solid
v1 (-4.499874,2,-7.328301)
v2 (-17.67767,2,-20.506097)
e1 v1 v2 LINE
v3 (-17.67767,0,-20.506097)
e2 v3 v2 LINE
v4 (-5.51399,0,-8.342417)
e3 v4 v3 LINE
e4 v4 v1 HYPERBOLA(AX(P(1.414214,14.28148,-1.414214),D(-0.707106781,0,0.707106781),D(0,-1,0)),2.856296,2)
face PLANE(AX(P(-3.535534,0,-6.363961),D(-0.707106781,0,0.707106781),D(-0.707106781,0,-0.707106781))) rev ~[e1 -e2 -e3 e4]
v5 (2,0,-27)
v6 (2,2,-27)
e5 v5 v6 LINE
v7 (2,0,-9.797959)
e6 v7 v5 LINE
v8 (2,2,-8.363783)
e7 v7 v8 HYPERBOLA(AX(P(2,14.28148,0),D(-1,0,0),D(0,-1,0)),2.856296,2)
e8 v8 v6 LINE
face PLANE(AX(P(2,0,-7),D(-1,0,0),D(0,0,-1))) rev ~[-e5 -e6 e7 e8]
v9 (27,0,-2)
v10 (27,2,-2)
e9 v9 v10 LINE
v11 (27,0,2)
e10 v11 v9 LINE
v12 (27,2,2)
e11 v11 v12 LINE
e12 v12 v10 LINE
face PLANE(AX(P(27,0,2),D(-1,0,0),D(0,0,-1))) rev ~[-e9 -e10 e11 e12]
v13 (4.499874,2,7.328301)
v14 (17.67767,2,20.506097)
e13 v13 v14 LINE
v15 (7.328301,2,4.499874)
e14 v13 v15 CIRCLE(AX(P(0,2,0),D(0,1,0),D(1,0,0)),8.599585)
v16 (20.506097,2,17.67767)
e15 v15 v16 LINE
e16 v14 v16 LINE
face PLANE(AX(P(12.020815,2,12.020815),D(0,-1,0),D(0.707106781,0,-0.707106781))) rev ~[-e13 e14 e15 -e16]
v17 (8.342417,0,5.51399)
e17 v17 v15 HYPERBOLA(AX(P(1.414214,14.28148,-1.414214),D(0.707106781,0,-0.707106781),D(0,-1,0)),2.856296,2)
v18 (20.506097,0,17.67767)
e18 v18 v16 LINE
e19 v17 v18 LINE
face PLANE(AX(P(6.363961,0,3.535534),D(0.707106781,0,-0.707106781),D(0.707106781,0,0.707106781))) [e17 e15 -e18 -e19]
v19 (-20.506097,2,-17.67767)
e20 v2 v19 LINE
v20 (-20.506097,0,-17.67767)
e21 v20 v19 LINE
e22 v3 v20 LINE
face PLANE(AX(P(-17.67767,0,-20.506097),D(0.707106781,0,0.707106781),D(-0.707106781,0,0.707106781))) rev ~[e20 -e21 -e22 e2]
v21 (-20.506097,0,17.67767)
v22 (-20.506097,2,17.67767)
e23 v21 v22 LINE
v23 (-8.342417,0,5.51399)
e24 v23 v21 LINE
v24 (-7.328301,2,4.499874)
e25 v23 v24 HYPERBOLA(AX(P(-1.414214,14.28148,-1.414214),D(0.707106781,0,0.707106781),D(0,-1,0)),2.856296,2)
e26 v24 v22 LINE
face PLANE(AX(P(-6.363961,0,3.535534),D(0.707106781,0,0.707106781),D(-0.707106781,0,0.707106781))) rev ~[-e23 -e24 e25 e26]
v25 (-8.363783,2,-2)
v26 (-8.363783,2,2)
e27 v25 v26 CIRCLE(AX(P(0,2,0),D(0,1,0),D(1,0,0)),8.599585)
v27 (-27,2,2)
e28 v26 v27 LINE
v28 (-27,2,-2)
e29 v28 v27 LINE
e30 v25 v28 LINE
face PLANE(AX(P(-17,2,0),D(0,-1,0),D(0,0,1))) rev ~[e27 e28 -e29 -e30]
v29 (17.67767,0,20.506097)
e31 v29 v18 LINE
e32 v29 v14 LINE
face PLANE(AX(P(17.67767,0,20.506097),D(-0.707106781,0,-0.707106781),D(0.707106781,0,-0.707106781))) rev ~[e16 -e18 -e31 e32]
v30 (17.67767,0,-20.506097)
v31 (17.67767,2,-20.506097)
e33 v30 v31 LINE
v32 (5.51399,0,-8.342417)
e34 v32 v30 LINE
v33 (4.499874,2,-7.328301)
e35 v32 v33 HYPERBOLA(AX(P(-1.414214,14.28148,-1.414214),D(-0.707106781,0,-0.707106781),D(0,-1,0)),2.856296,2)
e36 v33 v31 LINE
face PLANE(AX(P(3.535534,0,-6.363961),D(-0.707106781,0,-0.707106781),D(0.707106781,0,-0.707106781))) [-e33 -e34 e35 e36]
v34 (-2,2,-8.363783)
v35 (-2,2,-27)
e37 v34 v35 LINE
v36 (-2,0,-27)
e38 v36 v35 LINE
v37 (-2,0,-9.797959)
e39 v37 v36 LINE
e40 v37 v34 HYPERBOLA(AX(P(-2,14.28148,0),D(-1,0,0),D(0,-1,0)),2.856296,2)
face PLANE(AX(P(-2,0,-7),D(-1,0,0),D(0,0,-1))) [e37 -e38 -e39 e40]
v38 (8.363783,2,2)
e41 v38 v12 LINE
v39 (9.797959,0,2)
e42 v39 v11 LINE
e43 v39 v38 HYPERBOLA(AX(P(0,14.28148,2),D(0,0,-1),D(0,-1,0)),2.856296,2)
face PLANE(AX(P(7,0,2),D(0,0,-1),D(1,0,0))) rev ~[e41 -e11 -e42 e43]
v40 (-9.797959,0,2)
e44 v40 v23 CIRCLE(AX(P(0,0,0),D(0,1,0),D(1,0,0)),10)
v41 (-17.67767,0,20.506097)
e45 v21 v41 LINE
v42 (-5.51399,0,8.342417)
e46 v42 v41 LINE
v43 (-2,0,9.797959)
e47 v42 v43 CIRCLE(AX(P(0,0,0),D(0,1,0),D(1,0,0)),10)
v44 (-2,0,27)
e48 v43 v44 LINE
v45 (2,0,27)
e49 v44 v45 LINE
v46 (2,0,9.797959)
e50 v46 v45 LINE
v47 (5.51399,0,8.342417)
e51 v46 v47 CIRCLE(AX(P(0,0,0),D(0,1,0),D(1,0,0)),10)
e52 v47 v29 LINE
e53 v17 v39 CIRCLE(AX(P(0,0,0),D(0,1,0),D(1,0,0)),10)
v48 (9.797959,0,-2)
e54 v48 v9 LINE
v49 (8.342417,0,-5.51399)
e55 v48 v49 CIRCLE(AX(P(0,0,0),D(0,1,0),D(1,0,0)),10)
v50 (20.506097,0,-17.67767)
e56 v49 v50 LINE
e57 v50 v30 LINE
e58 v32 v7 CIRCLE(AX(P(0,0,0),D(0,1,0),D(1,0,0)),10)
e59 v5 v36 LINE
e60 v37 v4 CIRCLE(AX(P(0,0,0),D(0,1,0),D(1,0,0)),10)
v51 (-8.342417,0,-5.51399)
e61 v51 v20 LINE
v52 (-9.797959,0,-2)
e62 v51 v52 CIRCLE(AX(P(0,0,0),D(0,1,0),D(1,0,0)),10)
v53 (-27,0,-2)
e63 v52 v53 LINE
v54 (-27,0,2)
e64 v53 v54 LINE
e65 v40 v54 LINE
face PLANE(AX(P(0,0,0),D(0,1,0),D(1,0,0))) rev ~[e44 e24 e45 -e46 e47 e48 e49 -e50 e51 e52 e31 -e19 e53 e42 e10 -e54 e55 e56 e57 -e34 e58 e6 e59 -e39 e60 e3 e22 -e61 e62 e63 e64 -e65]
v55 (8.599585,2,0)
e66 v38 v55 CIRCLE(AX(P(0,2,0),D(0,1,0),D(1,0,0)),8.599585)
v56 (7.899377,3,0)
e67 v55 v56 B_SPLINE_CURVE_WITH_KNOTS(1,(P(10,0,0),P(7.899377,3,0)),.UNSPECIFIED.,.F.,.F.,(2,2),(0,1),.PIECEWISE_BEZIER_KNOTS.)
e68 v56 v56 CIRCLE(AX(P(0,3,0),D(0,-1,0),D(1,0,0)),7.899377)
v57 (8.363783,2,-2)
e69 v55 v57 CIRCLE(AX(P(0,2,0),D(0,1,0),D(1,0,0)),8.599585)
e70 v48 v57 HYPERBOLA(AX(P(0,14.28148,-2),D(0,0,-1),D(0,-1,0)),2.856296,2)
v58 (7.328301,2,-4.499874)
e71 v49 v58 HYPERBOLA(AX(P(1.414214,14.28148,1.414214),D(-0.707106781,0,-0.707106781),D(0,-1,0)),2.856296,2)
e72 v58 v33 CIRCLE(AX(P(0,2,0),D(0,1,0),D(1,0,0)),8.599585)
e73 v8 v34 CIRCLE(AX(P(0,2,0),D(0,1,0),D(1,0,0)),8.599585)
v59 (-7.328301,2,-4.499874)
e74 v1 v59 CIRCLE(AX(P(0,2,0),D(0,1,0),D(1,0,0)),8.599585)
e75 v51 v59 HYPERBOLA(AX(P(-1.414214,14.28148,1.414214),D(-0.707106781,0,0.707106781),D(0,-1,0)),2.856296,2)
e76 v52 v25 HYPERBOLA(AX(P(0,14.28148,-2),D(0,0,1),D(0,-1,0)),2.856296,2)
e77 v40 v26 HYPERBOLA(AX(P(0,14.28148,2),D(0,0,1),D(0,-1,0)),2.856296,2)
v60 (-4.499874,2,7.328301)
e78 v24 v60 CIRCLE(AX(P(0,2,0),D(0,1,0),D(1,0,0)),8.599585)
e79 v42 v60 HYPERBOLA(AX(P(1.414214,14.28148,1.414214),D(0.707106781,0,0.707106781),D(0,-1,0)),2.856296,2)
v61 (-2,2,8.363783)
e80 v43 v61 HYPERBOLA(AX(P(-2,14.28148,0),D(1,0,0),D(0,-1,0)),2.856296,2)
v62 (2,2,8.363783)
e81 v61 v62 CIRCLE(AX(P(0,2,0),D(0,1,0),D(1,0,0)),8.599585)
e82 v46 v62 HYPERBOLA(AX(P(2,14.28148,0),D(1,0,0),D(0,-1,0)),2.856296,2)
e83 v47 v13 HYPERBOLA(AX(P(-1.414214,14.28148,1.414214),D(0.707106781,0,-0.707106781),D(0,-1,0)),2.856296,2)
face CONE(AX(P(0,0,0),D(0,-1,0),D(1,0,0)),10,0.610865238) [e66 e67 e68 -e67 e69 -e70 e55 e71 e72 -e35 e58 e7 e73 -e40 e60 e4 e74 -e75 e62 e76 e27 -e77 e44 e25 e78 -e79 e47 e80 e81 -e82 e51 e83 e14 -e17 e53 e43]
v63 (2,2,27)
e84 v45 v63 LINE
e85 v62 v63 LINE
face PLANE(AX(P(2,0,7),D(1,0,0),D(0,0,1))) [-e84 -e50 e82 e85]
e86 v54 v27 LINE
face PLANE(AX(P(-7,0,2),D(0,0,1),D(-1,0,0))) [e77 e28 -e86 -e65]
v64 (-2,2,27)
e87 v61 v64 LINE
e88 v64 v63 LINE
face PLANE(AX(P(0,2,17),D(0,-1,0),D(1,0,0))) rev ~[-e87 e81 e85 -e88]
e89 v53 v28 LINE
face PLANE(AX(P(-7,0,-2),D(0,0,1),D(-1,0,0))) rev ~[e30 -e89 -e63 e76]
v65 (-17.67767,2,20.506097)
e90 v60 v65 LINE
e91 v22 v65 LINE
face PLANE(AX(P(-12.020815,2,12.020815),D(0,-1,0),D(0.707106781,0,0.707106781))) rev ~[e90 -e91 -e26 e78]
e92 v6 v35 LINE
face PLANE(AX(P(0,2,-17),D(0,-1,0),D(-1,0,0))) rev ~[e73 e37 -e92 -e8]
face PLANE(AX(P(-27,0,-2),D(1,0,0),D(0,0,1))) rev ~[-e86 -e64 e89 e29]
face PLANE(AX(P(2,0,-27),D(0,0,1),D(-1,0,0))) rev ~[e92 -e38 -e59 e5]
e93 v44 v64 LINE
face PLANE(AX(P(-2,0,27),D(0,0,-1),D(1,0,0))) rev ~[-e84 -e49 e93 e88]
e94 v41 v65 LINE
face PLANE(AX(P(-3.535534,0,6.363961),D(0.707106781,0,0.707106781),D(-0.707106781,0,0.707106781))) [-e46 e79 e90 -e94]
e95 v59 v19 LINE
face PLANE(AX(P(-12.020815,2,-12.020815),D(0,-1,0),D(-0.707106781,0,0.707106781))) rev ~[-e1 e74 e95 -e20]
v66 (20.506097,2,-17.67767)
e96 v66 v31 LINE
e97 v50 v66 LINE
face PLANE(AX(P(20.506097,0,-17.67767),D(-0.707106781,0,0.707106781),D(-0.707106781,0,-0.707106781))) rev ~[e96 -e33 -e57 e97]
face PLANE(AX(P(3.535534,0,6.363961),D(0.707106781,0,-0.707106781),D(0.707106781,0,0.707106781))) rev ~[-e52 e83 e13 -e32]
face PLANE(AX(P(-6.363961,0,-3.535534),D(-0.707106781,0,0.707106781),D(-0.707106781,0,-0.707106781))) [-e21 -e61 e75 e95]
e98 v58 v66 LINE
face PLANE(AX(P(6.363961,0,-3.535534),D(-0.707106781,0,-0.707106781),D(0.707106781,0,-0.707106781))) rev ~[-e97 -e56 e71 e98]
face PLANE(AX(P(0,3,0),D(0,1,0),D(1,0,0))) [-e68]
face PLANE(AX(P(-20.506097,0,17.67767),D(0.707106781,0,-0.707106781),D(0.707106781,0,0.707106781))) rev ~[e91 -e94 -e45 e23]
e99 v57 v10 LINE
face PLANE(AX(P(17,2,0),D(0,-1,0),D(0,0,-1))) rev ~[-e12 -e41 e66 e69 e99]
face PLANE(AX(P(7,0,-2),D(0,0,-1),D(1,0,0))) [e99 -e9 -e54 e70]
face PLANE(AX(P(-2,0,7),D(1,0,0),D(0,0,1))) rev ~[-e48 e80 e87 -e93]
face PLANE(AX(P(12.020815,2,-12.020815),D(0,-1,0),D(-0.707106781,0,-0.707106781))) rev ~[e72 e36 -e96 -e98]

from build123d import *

# Parameters (mm, degrees)
SKETCH_1_R               = 10
EXTRUDE_1_DEPTH          = 3
EXTRUDE_1_TAPER          = 35
SKETCH_2_W               = 4
SKETCH_2_H               = 20
EXTRUDE_2_DEPTH          = 2
PATTERN_CIRCULAR_1_COUNT = 8


with BuildPart() as part:
    # Эскиз1 → Бобышка-Вытянуть1 (new body)
    with BuildSketch(Plane(origin=(0, 0, 0), x_dir=(1, 0, 0), z_dir=(0, 1, 0))):
        Circle(SKETCH_1_R)
    extrude(amount=EXTRUDE_1_DEPTH, taper=EXTRUDE_1_TAPER)

    # Эскиз2 → Бобышка-Вытянуть2 (add)
    with BuildSketch(Plane.XZ):
        with Locations((0, 17)):
            Rectangle(SKETCH_2_W, SKETCH_2_H)
    extrude_2 = extrude(amount=-EXTRUDE_2_DEPTH)

    # Круговой массив1: Бобышка-Вытянуть2 ×8 about axis
    pattern_circular_1_axis = Axis((0, 0, 0), (0, 1, 0))
    for i in range(1, PATTERN_CIRCULAR_1_COUNT):
        add(extrude_2.rotate(pattern_circular_1_axis, i * 360 / PATTERN_CIRCULAR_1_COUNT))


solid = part.part
